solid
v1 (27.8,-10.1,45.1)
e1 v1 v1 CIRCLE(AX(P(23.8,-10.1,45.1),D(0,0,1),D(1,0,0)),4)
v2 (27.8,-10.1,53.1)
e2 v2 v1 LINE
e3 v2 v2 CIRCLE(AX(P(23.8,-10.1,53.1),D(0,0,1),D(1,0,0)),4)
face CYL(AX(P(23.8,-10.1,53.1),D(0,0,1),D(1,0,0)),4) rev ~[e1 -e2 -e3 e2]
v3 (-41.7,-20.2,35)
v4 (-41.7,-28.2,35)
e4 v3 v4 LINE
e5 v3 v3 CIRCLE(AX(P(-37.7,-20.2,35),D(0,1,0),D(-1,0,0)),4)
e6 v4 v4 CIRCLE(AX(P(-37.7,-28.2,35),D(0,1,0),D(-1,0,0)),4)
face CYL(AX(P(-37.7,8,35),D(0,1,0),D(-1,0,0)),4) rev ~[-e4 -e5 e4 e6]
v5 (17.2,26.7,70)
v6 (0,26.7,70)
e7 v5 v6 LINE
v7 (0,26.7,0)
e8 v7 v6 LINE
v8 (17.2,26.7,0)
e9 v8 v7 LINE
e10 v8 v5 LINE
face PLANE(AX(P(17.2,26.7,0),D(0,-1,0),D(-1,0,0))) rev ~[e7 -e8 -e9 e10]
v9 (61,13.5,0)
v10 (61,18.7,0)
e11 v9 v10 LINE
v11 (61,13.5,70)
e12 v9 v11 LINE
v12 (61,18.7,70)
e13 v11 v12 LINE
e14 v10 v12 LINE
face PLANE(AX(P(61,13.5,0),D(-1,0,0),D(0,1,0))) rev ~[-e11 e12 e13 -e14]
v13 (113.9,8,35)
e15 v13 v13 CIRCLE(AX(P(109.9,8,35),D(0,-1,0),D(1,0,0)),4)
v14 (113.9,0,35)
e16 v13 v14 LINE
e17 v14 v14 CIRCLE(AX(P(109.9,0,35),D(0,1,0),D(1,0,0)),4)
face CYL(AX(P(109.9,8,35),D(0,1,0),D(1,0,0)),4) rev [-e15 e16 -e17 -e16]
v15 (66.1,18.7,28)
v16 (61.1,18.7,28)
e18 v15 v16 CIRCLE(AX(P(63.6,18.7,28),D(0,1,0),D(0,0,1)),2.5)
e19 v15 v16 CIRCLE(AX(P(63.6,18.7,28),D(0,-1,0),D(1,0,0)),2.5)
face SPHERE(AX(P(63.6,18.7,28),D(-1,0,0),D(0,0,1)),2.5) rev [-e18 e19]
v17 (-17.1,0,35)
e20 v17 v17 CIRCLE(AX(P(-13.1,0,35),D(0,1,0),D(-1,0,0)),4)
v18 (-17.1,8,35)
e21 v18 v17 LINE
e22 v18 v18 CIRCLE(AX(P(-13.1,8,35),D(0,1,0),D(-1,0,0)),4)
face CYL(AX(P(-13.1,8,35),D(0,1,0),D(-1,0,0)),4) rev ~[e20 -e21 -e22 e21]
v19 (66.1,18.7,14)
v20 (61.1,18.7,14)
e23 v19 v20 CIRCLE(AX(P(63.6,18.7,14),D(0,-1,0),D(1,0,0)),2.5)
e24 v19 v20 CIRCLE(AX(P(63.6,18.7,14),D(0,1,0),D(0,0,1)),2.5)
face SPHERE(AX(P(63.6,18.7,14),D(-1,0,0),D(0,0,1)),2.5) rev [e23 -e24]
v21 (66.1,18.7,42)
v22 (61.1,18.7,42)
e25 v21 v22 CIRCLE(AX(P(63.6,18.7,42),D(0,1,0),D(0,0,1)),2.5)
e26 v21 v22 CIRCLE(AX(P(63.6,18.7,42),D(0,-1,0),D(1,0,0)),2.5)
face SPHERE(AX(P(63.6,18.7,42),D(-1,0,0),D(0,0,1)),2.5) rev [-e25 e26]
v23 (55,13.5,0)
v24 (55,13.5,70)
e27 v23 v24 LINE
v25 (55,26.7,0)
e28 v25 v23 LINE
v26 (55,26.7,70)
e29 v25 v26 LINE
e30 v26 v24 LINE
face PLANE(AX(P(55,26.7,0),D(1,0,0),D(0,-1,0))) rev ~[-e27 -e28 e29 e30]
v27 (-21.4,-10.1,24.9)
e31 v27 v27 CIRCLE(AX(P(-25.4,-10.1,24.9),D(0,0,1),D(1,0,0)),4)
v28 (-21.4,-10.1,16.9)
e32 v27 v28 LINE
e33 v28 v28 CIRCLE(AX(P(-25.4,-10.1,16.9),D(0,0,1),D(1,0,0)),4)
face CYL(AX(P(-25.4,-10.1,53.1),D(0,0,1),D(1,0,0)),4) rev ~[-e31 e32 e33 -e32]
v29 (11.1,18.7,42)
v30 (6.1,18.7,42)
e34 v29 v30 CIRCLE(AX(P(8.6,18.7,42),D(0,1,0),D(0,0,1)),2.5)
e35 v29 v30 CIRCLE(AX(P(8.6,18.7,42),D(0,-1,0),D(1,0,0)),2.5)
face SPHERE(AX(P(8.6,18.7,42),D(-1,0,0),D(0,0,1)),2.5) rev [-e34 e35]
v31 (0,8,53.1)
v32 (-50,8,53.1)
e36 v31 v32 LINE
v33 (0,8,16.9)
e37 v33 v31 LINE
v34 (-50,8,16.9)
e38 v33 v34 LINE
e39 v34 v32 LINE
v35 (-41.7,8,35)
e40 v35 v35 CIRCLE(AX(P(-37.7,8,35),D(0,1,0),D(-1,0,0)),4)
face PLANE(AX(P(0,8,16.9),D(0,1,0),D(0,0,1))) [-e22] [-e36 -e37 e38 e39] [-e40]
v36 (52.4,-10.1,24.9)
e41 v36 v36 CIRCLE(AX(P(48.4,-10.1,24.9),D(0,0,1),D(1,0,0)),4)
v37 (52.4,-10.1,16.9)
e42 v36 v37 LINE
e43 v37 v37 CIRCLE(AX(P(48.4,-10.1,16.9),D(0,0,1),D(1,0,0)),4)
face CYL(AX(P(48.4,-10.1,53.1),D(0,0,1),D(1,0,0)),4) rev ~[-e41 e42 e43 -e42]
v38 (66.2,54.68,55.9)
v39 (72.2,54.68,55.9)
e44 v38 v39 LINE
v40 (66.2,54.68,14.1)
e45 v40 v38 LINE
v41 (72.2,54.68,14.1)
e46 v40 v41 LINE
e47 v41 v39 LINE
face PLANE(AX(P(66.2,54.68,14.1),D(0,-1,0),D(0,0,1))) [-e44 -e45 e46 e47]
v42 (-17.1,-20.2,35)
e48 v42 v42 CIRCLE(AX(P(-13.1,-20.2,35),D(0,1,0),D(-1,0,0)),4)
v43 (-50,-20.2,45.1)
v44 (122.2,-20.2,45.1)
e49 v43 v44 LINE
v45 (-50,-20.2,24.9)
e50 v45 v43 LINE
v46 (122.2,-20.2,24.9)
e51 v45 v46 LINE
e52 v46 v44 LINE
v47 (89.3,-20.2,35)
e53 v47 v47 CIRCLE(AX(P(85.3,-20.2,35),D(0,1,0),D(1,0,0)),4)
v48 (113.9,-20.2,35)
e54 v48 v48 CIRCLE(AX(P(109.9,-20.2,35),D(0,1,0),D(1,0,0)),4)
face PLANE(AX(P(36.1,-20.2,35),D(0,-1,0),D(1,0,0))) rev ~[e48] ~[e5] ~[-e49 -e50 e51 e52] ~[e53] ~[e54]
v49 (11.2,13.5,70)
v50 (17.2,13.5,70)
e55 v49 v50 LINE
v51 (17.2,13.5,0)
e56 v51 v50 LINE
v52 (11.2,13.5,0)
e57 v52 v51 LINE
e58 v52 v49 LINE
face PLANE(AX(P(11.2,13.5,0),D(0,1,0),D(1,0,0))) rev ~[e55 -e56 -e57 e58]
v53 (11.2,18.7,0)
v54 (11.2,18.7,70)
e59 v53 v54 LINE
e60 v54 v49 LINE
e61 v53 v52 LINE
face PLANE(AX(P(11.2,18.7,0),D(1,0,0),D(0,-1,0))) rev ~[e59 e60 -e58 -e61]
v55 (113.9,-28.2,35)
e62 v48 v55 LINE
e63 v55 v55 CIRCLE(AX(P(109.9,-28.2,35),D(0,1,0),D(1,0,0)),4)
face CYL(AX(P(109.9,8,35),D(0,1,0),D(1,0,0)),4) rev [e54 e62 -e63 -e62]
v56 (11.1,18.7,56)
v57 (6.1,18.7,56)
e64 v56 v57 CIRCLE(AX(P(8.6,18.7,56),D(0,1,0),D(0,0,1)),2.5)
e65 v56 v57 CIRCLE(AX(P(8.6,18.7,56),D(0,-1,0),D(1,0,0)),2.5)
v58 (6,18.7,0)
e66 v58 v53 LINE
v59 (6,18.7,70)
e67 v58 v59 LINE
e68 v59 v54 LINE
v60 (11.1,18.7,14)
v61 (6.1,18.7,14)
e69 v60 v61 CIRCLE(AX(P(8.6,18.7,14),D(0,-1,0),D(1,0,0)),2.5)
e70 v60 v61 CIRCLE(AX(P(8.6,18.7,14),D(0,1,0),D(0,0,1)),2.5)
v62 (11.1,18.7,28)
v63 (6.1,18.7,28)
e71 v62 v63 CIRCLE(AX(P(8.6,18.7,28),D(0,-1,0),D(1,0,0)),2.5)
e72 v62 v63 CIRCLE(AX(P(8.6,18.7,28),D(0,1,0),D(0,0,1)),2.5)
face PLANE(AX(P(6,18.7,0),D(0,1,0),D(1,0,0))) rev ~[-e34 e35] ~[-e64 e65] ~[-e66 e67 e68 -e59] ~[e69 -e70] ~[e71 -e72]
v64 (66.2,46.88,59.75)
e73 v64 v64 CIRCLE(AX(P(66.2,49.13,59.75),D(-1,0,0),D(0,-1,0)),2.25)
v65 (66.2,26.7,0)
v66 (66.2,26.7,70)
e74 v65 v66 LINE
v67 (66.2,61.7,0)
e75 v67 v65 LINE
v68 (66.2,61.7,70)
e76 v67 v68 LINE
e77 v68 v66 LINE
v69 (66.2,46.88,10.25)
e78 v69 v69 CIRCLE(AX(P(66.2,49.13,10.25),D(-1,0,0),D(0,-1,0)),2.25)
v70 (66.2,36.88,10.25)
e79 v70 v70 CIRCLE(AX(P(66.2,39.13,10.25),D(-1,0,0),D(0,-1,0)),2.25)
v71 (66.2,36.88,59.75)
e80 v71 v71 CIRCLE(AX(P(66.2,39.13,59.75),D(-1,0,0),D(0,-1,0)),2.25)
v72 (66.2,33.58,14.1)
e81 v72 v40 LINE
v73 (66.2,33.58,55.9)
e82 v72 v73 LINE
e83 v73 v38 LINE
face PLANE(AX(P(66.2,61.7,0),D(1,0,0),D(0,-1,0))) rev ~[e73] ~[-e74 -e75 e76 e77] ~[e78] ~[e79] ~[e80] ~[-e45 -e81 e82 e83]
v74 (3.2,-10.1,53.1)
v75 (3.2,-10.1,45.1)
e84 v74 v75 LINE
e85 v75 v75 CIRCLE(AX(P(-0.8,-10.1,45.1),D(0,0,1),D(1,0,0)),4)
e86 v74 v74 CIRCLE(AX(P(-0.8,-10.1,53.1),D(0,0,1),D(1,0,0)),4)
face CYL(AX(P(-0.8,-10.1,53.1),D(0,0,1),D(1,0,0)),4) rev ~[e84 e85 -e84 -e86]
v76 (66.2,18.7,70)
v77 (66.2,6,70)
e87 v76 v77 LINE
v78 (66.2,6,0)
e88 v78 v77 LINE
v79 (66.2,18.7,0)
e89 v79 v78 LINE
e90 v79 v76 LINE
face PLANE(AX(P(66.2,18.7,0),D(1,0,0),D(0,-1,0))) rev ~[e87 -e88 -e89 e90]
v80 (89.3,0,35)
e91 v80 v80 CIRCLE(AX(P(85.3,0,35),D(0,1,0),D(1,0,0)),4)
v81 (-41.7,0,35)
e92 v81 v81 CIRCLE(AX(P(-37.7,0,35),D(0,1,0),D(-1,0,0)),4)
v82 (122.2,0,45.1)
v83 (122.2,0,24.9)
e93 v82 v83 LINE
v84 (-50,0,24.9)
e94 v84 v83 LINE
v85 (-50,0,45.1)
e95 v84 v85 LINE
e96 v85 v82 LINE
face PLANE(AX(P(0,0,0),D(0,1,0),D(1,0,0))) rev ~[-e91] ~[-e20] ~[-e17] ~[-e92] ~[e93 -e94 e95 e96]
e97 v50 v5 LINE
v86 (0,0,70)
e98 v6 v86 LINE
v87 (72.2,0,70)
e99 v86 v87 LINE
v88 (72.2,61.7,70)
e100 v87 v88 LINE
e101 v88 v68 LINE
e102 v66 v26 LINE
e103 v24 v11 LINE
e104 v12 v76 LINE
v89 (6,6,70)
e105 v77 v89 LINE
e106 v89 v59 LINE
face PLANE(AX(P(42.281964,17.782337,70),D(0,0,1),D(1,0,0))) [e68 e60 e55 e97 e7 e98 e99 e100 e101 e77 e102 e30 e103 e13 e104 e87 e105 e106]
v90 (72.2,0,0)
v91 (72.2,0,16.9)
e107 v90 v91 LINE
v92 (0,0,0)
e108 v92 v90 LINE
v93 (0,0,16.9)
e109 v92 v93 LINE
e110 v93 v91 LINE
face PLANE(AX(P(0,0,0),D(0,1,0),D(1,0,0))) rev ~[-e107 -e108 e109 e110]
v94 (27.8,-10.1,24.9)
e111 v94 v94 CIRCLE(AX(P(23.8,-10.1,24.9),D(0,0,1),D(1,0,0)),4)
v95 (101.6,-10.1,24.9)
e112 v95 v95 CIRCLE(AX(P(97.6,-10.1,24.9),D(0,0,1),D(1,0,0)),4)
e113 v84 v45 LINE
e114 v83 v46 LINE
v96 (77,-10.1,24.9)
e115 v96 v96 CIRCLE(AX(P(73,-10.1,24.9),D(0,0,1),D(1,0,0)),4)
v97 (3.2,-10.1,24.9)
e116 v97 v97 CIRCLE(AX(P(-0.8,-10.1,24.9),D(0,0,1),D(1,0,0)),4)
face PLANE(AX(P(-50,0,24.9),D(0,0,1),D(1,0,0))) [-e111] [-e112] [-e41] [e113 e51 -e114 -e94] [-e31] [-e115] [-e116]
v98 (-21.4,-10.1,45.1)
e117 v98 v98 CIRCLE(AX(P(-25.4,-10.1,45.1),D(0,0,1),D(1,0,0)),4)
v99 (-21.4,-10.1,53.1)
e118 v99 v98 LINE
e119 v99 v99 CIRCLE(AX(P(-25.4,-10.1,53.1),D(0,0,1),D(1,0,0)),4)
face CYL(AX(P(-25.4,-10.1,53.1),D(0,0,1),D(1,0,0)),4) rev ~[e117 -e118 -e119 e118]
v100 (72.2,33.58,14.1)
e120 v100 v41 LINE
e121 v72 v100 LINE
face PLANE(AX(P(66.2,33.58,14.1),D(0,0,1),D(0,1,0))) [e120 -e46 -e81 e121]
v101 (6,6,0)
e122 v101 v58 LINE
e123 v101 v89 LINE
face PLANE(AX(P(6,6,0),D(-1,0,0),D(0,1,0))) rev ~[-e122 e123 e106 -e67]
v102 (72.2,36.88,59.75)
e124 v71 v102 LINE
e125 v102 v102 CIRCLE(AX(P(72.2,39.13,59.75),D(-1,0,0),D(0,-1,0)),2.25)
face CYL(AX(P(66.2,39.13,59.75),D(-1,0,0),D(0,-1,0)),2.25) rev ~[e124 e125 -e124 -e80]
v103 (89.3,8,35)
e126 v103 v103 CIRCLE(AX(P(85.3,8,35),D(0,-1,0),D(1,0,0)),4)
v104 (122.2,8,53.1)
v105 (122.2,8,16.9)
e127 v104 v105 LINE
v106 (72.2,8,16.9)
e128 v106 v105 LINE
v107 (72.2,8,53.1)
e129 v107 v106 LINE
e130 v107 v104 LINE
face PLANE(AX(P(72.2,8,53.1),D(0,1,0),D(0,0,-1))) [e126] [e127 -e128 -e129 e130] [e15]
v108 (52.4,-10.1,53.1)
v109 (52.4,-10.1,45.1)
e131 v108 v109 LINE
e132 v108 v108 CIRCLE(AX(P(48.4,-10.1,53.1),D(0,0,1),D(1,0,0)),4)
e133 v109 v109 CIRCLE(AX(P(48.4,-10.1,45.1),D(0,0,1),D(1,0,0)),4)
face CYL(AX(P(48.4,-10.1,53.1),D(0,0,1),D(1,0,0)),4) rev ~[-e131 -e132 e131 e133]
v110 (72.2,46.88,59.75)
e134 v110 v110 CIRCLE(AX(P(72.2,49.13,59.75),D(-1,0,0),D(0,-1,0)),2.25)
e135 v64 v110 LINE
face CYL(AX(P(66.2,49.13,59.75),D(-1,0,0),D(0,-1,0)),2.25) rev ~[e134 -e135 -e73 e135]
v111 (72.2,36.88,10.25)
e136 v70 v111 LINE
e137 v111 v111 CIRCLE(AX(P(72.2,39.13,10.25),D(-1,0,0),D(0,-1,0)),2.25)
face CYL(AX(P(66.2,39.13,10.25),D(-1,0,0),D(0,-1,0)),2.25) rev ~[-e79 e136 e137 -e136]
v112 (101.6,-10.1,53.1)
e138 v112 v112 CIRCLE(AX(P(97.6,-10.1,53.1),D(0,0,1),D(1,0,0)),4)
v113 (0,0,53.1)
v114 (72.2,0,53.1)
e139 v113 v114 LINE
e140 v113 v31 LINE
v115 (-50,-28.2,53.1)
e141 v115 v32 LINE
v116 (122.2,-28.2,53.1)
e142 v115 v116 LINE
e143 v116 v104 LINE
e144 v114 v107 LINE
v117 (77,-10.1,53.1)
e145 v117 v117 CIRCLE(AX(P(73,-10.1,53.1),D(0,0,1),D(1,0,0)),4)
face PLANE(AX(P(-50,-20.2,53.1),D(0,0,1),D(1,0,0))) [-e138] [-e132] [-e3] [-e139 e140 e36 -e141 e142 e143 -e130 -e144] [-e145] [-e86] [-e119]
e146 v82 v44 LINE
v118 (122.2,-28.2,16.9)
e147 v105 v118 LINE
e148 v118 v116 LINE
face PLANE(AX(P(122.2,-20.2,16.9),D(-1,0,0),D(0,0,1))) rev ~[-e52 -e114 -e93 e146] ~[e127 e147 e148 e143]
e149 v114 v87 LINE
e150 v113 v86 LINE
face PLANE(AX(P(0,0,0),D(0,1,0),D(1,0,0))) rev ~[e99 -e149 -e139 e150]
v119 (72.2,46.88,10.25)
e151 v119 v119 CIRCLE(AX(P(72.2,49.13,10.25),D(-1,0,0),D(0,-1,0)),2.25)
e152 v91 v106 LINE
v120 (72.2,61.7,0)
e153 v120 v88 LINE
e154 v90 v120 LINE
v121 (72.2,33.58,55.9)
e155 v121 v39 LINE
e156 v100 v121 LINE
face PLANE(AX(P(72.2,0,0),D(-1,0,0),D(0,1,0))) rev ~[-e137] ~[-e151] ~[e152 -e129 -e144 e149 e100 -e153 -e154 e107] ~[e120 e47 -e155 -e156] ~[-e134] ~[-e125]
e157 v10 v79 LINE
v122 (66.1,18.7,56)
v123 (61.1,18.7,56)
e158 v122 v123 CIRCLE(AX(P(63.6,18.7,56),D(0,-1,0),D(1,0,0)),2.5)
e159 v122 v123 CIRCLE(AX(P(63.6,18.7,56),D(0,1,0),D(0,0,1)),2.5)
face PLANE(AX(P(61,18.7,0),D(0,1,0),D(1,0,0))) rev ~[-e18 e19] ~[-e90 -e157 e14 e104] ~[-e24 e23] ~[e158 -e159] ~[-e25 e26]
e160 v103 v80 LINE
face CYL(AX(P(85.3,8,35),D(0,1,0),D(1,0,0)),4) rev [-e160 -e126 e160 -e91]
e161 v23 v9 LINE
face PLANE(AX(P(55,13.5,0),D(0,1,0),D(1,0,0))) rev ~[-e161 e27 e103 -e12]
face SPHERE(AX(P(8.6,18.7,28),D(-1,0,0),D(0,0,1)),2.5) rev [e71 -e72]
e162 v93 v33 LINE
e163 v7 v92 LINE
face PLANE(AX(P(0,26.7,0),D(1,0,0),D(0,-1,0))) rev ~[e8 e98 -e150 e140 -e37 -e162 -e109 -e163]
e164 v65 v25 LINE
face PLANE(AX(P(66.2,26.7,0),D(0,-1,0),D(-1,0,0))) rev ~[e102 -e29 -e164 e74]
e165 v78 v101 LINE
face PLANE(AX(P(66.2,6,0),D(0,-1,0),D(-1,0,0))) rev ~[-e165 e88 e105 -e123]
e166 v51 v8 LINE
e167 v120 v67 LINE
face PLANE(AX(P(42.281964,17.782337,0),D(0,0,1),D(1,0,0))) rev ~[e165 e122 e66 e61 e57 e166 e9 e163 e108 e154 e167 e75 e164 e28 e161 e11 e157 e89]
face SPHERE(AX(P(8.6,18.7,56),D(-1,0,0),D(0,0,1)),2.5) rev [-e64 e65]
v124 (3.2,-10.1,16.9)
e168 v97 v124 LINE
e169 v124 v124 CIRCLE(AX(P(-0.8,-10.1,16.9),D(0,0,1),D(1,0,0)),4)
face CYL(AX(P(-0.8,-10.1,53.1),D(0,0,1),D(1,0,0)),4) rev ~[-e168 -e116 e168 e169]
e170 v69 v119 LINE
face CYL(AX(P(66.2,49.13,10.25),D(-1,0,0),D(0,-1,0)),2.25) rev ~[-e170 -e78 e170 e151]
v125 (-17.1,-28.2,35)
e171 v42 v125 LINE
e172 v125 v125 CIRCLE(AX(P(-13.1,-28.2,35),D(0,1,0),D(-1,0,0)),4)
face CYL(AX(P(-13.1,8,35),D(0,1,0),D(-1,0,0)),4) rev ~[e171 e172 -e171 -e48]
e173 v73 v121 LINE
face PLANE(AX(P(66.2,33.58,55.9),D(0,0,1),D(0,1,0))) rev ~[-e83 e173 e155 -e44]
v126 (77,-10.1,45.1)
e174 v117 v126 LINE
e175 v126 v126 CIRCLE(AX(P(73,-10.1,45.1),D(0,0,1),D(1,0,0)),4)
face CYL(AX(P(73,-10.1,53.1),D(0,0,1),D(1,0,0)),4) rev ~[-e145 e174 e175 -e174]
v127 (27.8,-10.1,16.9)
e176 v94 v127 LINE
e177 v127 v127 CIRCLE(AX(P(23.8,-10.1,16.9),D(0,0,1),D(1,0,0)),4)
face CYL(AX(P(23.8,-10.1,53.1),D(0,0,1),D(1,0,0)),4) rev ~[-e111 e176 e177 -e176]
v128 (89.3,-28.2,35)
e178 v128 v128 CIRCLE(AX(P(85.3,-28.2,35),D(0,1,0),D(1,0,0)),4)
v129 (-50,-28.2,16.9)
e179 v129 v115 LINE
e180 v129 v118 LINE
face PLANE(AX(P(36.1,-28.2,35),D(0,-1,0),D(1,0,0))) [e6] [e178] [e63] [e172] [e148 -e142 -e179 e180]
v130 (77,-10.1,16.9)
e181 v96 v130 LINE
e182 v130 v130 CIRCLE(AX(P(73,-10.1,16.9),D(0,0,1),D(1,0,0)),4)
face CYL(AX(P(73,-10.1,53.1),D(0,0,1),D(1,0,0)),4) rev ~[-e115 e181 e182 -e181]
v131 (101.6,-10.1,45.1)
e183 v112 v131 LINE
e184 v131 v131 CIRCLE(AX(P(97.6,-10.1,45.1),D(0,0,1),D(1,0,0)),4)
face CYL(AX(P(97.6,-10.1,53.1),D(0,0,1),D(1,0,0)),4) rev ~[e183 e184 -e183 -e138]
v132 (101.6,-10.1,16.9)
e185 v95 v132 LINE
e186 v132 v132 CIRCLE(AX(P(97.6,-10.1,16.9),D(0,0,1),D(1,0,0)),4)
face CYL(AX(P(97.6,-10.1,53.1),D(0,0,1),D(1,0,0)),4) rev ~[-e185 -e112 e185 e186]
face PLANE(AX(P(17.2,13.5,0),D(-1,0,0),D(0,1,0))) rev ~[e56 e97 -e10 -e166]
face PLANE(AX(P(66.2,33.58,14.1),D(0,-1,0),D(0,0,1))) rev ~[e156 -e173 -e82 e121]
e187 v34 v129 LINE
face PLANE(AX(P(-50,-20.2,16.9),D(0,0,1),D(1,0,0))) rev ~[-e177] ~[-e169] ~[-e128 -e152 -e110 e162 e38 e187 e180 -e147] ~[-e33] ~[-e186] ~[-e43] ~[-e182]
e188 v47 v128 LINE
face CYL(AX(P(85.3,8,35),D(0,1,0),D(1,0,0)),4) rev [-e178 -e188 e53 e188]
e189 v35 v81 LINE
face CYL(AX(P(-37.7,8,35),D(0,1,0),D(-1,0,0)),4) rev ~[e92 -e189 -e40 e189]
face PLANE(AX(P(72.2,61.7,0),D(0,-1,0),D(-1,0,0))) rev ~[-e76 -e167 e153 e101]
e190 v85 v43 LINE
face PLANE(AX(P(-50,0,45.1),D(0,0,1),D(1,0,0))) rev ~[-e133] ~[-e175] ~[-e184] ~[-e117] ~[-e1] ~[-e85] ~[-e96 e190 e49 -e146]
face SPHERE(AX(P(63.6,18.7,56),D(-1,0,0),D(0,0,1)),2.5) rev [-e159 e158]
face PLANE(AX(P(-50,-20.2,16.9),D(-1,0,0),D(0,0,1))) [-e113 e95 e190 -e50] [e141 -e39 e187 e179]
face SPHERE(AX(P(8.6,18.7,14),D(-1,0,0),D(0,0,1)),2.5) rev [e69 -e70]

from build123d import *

# Parameters (mm, degrees)
BOSS_EXTRUDE1_DEPTH  = 70
SKETCH2_R            = 2.25
SKETCH2_W            = 41.8
SKETCH2_H            = 21.1
CUT_EXTRUDE1_DEPTH   = 6
LPATTERN1_COUNT      = 4
LPATTERN1_PITCH      = 14
LPATTERN1_COUNT_DIR2 = 2
LPATTERN1_PITCH_DIR2 = 55
SKETCH4_W            = 36.2
SKETCH4_H            = 8
BOSS_EXTRUDE2_DEPTH  = 50
SKETCH5_W            = 36.2
SKETCH5_H            = 8
BOSS_EXTRUDE3_DEPTH  = 50
SKETCH6_W            = 172.2
SKETCH6_H            = 8
BOSS_EXTRUDE4_DEPTH  = 20.2
SKETCH7_W            = 172.2
SKETCH7_H            = 36.2
BOSS_EXTRUDE5_DEPTH  = 8
SKETCH8_R            = 4
CUT_EXTRUDE2_DEPTH   = 147.830991279
LPATTERN2_COUNT      = 6
LPATTERN2_PITCH      = 24.6
SKETCH9_R            = 4
CUT_EXTRUDE3_DEPTH   = 151.720038482


with BuildPart() as part:
    # Sketch1 → Boss-Extrude1 (new body)
    with BuildSketch(Plane.XY):
        Polygon((0, 26.7), (0, 0), (72.2, 0), (72.2, 61.7), (66.2, 61.7), (66.2, 26.7), (55, 26.7), (55, 13.5), (61, 13.5), (61, 18.7), (66.2, 18.7), (66.2, 6), (6, 6), (6, 18.7), (11.2, 18.7), (11.2, 13.5), (17.2, 13.5), (17.2, 26.7), align=None)
    extrude(amount=BOSS_EXTRUDE1_DEPTH)

    # Sketch2 → Cut-Extrude1 (cut)
    with BuildSketch(Plane.ZY.offset(-66.2)):
        with Locations(Location((10.25, 49.13, 0), (0, 0, 270))):
            Circle(SKETCH2_R)
        with Locations(Location((10.25, 39.13, 0), (0, 0, 270))):
            Circle(SKETCH2_R)
        with Locations(Location((59.75, 49.13, 0), (0, 0, 270))):
            Circle(SKETCH2_R)
        with Locations(Location((59.75, 39.13, 0), (0, 0, 270))):
            Circle(SKETCH2_R)
        with Locations((35, 44.13)):
            Rectangle(SKETCH2_W, SKETCH2_H)
    extrude(amount=-CUT_EXTRUDE1_DEPTH, mode=Mode.SUBTRACT)

    # Sketch3 → Cut-Revolve1 (revolve, cut)
    with BuildSketch(Plane.XZ.offset(-18.7)):
        with BuildLine():
            Line((61.1, 56), (66.1, 56))
            ThreePointArc((66.1, 56), (63.6, 58.5), (61.1, 56))
        make_face()
    cut_revolve1 = revolve(axis=Axis((61.1, 18.7, 56), (1, 0, 0)), mode=Mode.SUBTRACT)

    # LPattern1: Cut-Revolve1 4 × 2
    with Locations(*[(-j * LPATTERN1_PITCH_DIR2, 0, -i * LPATTERN1_PITCH) for i in range(LPATTERN1_COUNT) for j in range(LPATTERN1_COUNT_DIR2) if (i, j) != (0, 0)]):
        add(cut_revolve1, mode=Mode.SUBTRACT)

    # Sketch4 → Boss-Extrude2 (add)
    with BuildSketch(Plane(origin=(72.2, 0, 0), x_dir=(0, 0, -1), z_dir=(1, 0, 0))):
        with Locations((-35, 4)):
            Rectangle(SKETCH4_W, SKETCH4_H)
    extrude(amount=BOSS_EXTRUDE2_DEPTH)

    # Sketch5 → Boss-Extrude3 (add)
    with BuildSketch(Plane.ZY):
        with Locations((35, 4)):
            Rectangle(SKETCH5_W, SKETCH5_H)
    extrude(amount=BOSS_EXTRUDE3_DEPTH)

    # Sketch6 → Boss-Extrude4 (add)
    with BuildSketch(Plane.XZ):
        with Locations((36.1, 49.1)):
            Rectangle(SKETCH6_W, SKETCH6_H)
        with Locations((36.1, 20.9)):
            Rectangle(SKETCH6_W, SKETCH6_H)
    extrude(amount=BOSS_EXTRUDE4_DEPTH)

    # Sketch7 → Boss-Extrude5 (add)
    with BuildSketch(Plane.XZ.offset(20.2)):
        with Locations((36.1, 35)):
            Rectangle(SKETCH7_W, SKETCH7_H)
    extrude(amount=BOSS_EXTRUDE5_DEPTH)

    # Sketch8 → Cut-Extrude2 (cut, through all)
    with BuildSketch(Plane.XY.offset(53.1)):
        with Locations((-25.4, -10.1)):
            Circle(SKETCH8_R)
    cut_extrude2 = extrude(amount=-CUT_EXTRUDE2_DEPTH, mode=Mode.SUBTRACT)

    # LPattern2: Cut-Extrude2 ×6
    with Locations(*[(i * LPATTERN2_PITCH, 0, 0) for i in range(1, LPATTERN2_COUNT)]):
        add(cut_extrude2, mode=Mode.SUBTRACT)

    # Sketch9 → Cut-Extrude3 (cut, through all)
    with BuildSketch(Plane(origin=(0, 8, 0), x_dir=(1, 0, 0), z_dir=(0, 1, 0))):
        with Locations(Location((-37.7, -35, 0), (0, 0, 180))):
            Circle(SKETCH9_R)
        with Locations(Location((-13.1, -35, 0), (0, 0, 180))):
            Circle(SKETCH9_R)
    cut_extrude3 = extrude(amount=-CUT_EXTRUDE3_DEPTH, mode=Mode.SUBTRACT)

    # Mirror1: Cut-Extrude3 across plane
    add(cut_extrude3.mirror(Plane.ZY.offset(-36.1)), mode=Mode.SUBTRACT)


solid = part.part
